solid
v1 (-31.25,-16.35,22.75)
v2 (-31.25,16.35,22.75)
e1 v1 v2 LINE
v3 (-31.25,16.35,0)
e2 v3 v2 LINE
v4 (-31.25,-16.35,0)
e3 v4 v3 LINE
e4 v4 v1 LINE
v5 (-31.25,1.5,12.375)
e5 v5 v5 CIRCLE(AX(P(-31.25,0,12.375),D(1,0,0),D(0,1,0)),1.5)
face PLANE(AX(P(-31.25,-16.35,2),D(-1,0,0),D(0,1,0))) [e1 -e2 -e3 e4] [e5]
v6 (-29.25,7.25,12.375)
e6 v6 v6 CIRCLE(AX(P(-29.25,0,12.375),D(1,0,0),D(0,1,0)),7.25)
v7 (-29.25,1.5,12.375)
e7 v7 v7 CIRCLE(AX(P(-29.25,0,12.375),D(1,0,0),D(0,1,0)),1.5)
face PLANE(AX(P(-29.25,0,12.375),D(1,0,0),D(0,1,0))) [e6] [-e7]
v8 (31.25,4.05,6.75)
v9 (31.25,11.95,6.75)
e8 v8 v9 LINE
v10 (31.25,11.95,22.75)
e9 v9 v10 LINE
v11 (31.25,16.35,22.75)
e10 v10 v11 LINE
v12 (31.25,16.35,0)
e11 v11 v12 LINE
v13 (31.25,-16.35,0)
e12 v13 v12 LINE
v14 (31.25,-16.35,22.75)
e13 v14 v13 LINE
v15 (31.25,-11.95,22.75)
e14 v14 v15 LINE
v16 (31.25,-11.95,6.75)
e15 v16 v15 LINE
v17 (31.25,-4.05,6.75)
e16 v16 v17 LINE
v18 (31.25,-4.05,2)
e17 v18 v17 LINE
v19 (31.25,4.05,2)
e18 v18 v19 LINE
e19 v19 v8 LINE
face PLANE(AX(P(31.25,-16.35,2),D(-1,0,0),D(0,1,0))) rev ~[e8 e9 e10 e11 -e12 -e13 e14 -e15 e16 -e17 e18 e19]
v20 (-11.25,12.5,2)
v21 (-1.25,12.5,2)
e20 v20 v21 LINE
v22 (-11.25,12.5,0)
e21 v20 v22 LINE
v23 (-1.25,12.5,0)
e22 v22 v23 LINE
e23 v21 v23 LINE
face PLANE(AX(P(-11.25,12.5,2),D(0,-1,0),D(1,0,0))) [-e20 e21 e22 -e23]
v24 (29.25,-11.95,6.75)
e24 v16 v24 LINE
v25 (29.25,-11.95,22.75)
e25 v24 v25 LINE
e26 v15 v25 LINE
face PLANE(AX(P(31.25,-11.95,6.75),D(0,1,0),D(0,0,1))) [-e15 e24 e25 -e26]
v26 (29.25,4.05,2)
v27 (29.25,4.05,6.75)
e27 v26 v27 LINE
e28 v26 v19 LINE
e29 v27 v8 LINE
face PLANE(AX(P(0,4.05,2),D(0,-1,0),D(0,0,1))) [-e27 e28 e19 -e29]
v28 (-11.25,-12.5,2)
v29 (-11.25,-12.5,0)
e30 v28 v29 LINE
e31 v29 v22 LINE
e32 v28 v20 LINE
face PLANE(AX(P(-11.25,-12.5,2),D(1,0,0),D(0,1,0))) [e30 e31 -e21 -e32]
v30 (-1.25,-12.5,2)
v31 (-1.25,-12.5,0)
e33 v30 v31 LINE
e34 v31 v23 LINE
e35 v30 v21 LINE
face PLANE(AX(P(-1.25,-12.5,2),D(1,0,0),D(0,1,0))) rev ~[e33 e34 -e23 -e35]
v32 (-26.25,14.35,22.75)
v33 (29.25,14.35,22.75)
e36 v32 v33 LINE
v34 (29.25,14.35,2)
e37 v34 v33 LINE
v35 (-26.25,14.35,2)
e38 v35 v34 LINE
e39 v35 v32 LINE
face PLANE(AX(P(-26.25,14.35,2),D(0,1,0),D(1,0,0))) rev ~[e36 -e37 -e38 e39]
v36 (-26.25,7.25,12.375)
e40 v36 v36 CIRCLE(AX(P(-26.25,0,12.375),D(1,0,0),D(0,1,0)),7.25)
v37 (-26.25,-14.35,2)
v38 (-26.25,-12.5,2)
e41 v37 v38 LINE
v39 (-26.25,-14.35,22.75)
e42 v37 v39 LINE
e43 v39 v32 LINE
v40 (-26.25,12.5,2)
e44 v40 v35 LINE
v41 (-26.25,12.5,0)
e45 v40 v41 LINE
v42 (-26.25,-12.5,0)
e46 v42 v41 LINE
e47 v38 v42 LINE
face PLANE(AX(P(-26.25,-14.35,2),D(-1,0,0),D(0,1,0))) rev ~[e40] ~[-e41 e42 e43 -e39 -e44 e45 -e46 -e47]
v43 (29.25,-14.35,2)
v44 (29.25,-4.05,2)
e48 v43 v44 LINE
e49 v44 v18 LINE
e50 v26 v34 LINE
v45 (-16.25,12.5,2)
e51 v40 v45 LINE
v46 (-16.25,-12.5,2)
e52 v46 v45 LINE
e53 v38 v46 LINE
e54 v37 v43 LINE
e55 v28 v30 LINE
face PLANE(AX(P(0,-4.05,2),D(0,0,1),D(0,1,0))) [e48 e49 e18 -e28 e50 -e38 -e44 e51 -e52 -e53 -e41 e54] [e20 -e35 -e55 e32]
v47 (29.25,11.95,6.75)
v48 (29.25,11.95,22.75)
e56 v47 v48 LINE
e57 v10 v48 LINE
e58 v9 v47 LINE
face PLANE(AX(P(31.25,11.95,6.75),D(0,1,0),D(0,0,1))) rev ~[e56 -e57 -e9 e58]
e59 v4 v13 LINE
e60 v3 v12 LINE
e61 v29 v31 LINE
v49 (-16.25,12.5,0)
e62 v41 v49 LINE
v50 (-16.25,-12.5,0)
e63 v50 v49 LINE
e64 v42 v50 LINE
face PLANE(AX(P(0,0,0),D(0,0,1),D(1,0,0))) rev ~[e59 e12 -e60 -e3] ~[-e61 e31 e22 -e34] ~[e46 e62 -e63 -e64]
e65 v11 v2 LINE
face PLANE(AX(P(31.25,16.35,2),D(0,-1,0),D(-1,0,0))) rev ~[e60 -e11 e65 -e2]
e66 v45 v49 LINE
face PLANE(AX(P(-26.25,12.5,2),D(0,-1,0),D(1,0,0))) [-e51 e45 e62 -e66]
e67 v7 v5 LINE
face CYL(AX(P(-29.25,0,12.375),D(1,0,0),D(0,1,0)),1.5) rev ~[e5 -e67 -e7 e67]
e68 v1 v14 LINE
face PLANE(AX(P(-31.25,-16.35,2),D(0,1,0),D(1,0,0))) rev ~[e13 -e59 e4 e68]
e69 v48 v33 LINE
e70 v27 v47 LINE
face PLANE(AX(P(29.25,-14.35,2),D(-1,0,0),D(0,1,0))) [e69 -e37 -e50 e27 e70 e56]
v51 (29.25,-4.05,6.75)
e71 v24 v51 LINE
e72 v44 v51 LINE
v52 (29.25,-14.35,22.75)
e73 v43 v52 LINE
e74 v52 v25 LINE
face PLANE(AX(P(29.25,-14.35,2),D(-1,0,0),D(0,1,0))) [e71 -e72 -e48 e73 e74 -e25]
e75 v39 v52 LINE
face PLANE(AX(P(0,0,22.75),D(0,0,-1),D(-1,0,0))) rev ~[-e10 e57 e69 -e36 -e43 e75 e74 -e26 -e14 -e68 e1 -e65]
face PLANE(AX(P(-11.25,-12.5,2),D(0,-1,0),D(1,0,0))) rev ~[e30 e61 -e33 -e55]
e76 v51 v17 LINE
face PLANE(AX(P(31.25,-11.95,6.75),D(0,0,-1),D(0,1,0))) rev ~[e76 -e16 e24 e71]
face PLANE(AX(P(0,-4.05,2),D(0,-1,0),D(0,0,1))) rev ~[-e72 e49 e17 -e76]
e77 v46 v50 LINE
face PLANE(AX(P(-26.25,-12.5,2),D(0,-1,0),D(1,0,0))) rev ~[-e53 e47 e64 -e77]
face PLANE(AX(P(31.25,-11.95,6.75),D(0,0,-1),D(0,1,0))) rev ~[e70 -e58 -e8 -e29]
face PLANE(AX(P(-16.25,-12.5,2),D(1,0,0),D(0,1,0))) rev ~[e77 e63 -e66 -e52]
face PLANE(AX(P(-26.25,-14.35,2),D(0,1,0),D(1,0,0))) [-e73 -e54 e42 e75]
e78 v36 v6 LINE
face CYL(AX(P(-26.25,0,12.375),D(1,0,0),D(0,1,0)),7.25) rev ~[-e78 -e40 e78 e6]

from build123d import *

# Parameters (mm, degrees)
SKETCH008_W     = 62.5
SKETCH008_H     = 32.7
PAD007_DEPTH    = 2
SKETCH009_W     = 55.5
SKETCH009_H     = 28.7
PAD008_DEPTH    = 20.75
SKETCH010_R     = 7.25
POCKET001_DEPTH = 3
SKETCH011_R     = 1.5
POCKET002_DEPTH = 2
SKETCH012_W     = 23.9
SKETCH012_H     = 16
POCKET003_DEPTH = 2
SKETCH017_W     = 8.1
SKETCH017_H     = 4.75
POCKET004_DEPTH = 40
SKETCH018_W     = 10
SKETCH018_H     = 25
POCKET005_DEPTH = 2


with BuildPart() as part:
    # Sketch008 → Pad007 (new body)
    with BuildSketch(Plane.XY):
        Rectangle(SKETCH008_W, SKETCH008_H)
    extrude(amount=PAD007_DEPTH)

    # Sketch009 (on Face6 of Pad007) → Pad008 (join)
    with BuildSketch(Plane.XY.offset(2)):
        Polygon((-31.25, 16.35), (-26.25, 16.35), (31.25, 16.35), (31.25, 14.35), (31.25, -14.35), (31.25, -16.35), (-26.25, -16.35), (-31.25, -16.35), align=None)
        with Locations((1.5, 0)):
            Rectangle(SKETCH009_W, SKETCH009_H, mode=Mode.SUBTRACT)
    extrude(amount=PAD008_DEPTH)

    # Sketch010 (on Face15 of Pad008) → Pocket001 (cut)
    with BuildSketch(Plane.YZ.offset(-26.25)):
        with Locations((0, 12.375)):
            Circle(SKETCH010_R)
    extrude(amount=-POCKET001_DEPTH, mode=Mode.SUBTRACT)

    # Sketch011 (on Face21 of Pocket001) → Pocket002 (cut)
    with BuildSketch(Plane.YZ.offset(-29.25)):
        with Locations((0, 12.375)):
            Circle(SKETCH011_R)
    extrude(amount=-POCKET002_DEPTH, mode=Mode.SUBTRACT)

    # Sketch012 (on Face10 of Pocket002) → Pocket003 (cut)
    with BuildSketch(Plane.YZ.offset(31.25)):
        with Locations((0, 14.75)):
            Rectangle(SKETCH012_W, SKETCH012_H)
    extrude(amount=-POCKET003_DEPTH, mode=Mode.SUBTRACT)

    # Sketch017 → Pocket004 (cut)
    with BuildSketch(Plane.YZ):
        with Locations((0, 4.375)):
            Rectangle(SKETCH017_W, SKETCH017_H)
    extrude(amount=POCKET004_DEPTH, mode=Mode.SUBTRACT)

    # Sketch018 (on Face19 of Pad008) → Pocket005 (cut)
    with BuildSketch(Plane.XY.offset(2)):
        with Locations((-21.25, 0)):
            Rectangle(SKETCH018_W, SKETCH018_H)
        with Locations((-6.25, 0)):
            Rectangle(SKETCH018_W, SKETCH018_H)
    extrude(amount=-POCKET005_DEPTH, mode=Mode.SUBTRACT)


solid = part.part
